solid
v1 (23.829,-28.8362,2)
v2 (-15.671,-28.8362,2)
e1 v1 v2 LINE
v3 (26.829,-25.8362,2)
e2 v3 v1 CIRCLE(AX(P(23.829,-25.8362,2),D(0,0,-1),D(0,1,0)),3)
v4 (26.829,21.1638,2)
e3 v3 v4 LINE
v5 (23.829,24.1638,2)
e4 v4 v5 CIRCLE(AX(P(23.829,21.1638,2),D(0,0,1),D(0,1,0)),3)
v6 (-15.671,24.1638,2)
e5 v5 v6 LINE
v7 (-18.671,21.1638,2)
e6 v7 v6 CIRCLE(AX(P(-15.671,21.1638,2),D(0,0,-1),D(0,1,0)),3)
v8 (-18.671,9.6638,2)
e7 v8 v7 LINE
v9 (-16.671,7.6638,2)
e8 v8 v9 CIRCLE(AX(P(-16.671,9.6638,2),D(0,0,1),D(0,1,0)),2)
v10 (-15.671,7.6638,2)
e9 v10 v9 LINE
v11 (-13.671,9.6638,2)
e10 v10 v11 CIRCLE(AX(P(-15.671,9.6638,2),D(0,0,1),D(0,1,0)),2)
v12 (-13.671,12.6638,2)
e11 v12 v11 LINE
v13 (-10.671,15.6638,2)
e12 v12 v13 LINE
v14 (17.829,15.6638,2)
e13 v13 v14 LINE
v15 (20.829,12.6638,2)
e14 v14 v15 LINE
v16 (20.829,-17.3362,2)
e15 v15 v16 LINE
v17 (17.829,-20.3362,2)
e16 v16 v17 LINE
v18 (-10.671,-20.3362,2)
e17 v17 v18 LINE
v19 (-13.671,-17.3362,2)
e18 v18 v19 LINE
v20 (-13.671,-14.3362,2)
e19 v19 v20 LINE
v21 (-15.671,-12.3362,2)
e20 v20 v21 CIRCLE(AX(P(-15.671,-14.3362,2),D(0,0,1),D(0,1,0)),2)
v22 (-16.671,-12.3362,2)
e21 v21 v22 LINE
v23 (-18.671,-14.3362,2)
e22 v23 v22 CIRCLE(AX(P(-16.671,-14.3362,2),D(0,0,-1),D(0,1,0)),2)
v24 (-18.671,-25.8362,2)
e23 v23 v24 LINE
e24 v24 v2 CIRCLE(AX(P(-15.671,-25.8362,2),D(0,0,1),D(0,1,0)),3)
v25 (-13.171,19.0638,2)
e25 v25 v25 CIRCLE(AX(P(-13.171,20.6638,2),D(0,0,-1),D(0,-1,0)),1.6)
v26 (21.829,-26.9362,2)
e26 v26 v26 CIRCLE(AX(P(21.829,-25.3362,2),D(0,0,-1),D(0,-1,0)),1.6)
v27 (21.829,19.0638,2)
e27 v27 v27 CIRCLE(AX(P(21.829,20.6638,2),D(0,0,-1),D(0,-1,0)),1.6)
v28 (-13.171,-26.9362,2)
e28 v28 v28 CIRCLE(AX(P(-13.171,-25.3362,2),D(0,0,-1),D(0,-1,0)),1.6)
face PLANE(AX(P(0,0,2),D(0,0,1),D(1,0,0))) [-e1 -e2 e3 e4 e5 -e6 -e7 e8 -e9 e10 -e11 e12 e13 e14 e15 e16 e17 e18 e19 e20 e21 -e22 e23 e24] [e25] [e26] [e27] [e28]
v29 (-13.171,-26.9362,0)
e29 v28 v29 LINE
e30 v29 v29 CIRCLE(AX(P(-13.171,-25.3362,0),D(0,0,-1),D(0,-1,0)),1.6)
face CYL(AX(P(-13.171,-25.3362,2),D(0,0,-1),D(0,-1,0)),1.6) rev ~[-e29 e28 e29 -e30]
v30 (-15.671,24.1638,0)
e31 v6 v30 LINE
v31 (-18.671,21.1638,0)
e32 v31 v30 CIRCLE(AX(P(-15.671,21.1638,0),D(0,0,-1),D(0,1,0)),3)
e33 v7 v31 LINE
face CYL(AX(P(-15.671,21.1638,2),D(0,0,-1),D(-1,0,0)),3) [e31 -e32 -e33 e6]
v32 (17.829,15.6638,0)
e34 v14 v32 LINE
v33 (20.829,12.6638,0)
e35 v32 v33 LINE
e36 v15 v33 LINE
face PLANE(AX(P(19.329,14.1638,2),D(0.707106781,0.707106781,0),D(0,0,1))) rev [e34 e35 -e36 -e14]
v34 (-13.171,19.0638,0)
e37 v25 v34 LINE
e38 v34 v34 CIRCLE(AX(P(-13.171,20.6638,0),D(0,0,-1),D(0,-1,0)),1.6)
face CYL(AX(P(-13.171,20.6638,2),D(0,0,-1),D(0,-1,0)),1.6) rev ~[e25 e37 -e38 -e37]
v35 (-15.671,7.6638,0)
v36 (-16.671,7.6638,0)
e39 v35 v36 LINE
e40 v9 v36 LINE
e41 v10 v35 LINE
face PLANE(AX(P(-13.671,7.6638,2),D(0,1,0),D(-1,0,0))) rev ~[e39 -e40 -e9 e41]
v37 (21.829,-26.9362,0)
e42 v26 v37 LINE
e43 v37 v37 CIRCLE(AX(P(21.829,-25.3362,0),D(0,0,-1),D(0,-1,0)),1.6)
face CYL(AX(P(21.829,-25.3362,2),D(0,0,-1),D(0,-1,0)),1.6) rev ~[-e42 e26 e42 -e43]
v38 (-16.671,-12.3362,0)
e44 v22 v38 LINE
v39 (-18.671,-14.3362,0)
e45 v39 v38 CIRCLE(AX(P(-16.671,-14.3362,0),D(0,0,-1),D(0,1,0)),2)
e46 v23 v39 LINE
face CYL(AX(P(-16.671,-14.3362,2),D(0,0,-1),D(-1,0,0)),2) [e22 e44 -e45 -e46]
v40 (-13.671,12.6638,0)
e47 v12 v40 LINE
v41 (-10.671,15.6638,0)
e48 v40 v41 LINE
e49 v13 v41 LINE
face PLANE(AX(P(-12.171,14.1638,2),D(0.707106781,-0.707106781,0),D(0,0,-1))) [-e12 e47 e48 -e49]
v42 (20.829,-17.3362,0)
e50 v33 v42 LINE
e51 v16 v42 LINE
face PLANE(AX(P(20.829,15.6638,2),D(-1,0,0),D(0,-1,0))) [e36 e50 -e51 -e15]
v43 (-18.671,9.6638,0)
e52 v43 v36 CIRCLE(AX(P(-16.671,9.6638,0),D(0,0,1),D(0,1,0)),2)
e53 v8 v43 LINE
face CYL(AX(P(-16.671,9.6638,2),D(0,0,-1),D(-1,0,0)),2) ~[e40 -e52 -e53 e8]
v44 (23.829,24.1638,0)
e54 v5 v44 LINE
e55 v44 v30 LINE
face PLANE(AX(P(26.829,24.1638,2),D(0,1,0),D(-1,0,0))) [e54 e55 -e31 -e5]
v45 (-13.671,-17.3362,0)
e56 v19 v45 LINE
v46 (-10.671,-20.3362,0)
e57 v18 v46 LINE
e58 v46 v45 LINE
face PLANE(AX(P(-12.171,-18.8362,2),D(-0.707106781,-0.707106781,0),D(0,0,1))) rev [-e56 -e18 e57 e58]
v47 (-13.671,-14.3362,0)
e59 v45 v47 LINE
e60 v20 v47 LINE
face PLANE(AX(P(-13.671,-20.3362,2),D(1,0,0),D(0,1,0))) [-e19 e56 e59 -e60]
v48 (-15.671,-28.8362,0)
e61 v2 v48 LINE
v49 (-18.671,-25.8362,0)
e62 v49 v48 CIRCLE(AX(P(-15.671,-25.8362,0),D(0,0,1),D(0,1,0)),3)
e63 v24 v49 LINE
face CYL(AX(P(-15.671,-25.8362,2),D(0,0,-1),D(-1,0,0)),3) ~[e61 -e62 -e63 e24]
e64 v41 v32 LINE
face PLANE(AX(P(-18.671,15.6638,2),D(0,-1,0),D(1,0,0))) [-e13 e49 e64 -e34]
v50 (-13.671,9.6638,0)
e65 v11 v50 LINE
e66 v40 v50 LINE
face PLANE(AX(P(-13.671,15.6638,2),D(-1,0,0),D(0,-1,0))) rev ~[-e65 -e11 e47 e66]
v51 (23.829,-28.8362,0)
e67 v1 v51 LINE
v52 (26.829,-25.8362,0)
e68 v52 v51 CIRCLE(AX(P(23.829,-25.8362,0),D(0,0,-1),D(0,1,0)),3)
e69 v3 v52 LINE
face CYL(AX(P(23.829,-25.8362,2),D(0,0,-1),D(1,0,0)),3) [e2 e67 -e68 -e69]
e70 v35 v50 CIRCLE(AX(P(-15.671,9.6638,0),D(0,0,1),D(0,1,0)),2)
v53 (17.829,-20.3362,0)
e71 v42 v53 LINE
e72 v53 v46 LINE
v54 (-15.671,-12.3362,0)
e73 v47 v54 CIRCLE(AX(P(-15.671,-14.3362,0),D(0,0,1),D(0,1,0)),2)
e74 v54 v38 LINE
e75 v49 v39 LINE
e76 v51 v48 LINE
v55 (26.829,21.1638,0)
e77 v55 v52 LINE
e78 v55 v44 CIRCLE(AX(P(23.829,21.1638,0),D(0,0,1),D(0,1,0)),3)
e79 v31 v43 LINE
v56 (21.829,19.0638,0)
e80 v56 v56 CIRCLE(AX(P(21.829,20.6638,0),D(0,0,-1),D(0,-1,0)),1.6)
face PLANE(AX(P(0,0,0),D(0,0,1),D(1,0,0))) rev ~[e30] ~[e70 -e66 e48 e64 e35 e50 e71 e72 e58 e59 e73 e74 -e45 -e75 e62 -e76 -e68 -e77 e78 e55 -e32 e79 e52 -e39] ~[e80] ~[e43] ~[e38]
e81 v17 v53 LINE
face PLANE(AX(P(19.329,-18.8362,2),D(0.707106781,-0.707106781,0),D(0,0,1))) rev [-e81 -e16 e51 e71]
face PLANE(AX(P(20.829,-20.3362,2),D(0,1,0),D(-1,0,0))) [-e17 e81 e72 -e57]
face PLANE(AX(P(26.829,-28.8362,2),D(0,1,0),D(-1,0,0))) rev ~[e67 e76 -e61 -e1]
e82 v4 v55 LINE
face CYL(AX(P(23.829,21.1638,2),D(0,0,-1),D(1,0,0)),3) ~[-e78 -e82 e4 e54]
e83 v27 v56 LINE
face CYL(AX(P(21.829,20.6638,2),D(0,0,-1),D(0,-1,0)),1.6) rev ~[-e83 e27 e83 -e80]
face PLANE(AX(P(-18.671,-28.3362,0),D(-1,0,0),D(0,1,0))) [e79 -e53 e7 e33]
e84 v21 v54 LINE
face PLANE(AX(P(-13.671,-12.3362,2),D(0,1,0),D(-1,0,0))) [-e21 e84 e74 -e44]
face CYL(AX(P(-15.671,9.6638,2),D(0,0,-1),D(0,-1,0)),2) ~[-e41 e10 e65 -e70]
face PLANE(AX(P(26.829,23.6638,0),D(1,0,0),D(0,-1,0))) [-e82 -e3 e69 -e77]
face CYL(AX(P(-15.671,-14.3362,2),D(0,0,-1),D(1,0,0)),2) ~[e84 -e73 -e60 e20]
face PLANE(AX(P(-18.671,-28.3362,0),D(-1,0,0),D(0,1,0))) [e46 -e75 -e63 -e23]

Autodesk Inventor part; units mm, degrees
ref_plane "YZ Plane" through (0, 0, 0) normal (1, 0, 0) x (0, 1, 0)
ref_plane "XZ Plane" through (0, 0, 0) normal (0, 1, 0) x (-1, 0, 0)
ref_plane "XY Plane" through (0, 0, 0) normal (0, 0, 1) x (1, 0, 0)
sketch "Sketch1" plane through (0, 0, 0) normal (0, 0, 1) x (1, 0, 0)
  line L0 (-18.671, 23.6638) -> (26.829, 23.6638)
  line L1 (26.829, 23.6638) -> (26.829, -28.3362)
  line L2 (26.829, -28.3362) -> (-18.671, -28.3362)
  line L3 (-18.671, -28.3362) -> (-18.671, 23.6638)
  point P0 (0, 0)
  dimension "d0" = 52
  dimension "d1" = 45.5
extrude "Extrusion1" add sketch "Sketch1" along normal blind 2
sketch "Sketch2" plane through (0, 0, 2) normal (0, 0, 1) x (1, 0, 0)
  line L0 (-18.671, -28.3362) -> (26.829, -28.3362) projected
  line L1 (26.829, -28.3362) -> (26.829, 23.6638) projected
  line L2 (26.829, 23.6638) -> (-18.671, 23.6638) projected
  point P0 (0, 0)
  point P1 (-13.171, 20.6638)
  point P2 (21.829, 20.6638)
  point P3 (21.829, -25.3362)
  point P4 (-13.171, -25.3362)
  point P5 (23.829, -28.3362)
  point P6 (26.829, -25.3362)
  point P7 (26.829, 20.6638)
  point P8 (23.829, 23.6638)
  dimension "d5" = 35
  dimension "d6" = 35
  dimension "d7" = 46
  dimension "d8" = 3
  dimension "d9" = 3
  dimension "d10" = 5
  dimension "d11" = 5
  dimension "d12" = 3
hole "Hole1" at (-13.171, 20.6638, 2) at (21.829, 20.6638, 2) at (21.829, -25.3362, 2) at (-13.171, -25.3362, 2) direction (0, 0, -1) diameter 3.2 depth 10 tip angle 118
sketch "Sketch3" plane through (0, 0, 2) normal (0, 0, 1) x (1, 0, 0)
  line L0 (-18.671, 23.6638) -> (-18.671, -28.3362) projected
  line L1 (-18.671, 15.6638) -> (20.829, 15.6638)
  line L2 (20.829, 15.6638) -> (20.829, -20.3362)
  line L3 (20.829, -20.3362) -> (-18.671, -20.3362)
  line L4 (-18.671, -20.3362) -> (-18.671, 15.6638)
  circle A0 centre (-13.171, 20.6638) radius 1.6 projected
  line L5 (26.829, -28.3362) -> (26.829, 23.6638) projected
  circle A1 centre (-13.171, -25.3362) radius 1.6 projected
  point P0 (0, 0)
  point P1 (26.829, -25.3362)
  point P2 (26.829, 20.6638)
  dimension "d20" = 5
  dimension "d21" = 6
  dimension "d22" = 5
extrude "Extrusion2" cut sketch "Sketch3" against normal blind 2 contours L1 L2 L3 L0
sketch "Sketch4" plane through (0, 0, 2) normal (0, 0, 1) x (1, 0, 0)
  line L0 (-18.671, 15.6638) -> (20.829, 15.6638) projected
  line L1 (-18.671, 15.6638) -> (-13.671, 15.6638)
  line L2 (-13.671, 15.6638) -> (-13.671, 7.6638)
  line L3 (-13.671, 7.6638) -> (-18.671, 7.6638)
  line L4 (-18.671, 7.6638) -> (-18.671, 15.6638)
  line L5 (-18.671, -20.3362) -> (-18.671, -28.3362) projected
  line L6 (-18.671, -20.3362) -> (-13.671, -20.3362)
  line L7 (-13.671, -20.3362) -> (-13.671, -12.3362)
  line L8 (-13.671, -12.3362) -> (-18.671, -12.3362)
  line L9 (-18.671, -12.3362) -> (-18.671, -20.3362)
  point P0 (0, 0)
  point P1 (17.829, 15.6638)
  point P2 (-18.671, -25.3362)
  dimension "d27" = 8
  dimension "d28" = 8
  dimension "d29" = 5
extrude "Extrusion3" add sketch "Sketch4" against normal blind 2
fillet "Fillet5" radius 2 4 edges at (-13.671, 7.6638, 1) (-18.671, 7.6638, 1) (-18.671, -12.3362, 1) (-13.671, -12.3362, 1)
sketch "Sketch5" plane through (0, 0, 2) normal (0, 0, 1) x (1, 0, 0)
  line L0 (26.829, 23.6638) -> (-18.671, 23.6638) projected
  line L1 (-18.671, 23.6638) -> (26.829, 23.6638)
  line L2 (26.829, 23.6638) -> (26.829, 24.1638)
  line L3 (26.829, 24.1638) -> (-18.671, 24.1638)
  line L4 (-18.671, 24.1638) -> (-18.671, 23.6638)
  line L5 (-18.671, -28.3362) -> (26.829, -28.3362) projected
  line L6 (-18.671, -28.3362) -> (26.829, -28.3362)
  line L7 (26.829, -28.3362) -> (26.829, -28.8362)
  line L8 (26.829, -28.8362) -> (-18.671, -28.8362)
  line L9 (-18.671, -28.8362) -> (-18.671, -28.3362)
  line L10 (26.829, -28.3362) -> (26.829, 23.6638) projected
  point P0 (0, 0)
  dimension "d37" = 0.5
  dimension "d38" = 0.5
extrude "Extrusion4" add sketch "Sketch5" against normal blind 2
fillet "Fillet6" radius 3 4 edges at (-18.671, 24.1638, 1) (26.829, 24.1638, 1) (26.829, -28.8362, 1) (-18.671, -28.8362, 1)
chamfer "Chamfer2" distance 3 angle 45 4 edges at (-13.671, 15.6638, 1) (20.829, 15.6638, 1) (-13.671, -20.3362, 1) (20.829, -20.3362, 1)
sketch "Sketch6" plane through (0, 0, 2) normal (0, 0, 1) x (1, 0, 0)
  circle A0 centre (-13.171, -25.3362) radius 1.6 projected
  circle A1 centre (-13.171, 20.6638) radius 1.6 projected
  circle A2 centre (21.829, 20.6638) radius 1.6 projected
  line L0 (23.829, 24.1638) -> (-15.671, 24.1638) projected
  line L1 (-15.671, -28.8362) -> (23.829, -28.8362) projected
  circle A3 centre (21.829, -25.3362) radius 1.6 projected
  point P0 (0, 0)
  dimension "d46" = 46
  dimension "d47" = 35
  dimension "d48" = 3.5
  dimension "d49" = 3.5
  dimension "d50" = 3.5
  dimension "d51" = 3.5
properties part number "wood_supp"
